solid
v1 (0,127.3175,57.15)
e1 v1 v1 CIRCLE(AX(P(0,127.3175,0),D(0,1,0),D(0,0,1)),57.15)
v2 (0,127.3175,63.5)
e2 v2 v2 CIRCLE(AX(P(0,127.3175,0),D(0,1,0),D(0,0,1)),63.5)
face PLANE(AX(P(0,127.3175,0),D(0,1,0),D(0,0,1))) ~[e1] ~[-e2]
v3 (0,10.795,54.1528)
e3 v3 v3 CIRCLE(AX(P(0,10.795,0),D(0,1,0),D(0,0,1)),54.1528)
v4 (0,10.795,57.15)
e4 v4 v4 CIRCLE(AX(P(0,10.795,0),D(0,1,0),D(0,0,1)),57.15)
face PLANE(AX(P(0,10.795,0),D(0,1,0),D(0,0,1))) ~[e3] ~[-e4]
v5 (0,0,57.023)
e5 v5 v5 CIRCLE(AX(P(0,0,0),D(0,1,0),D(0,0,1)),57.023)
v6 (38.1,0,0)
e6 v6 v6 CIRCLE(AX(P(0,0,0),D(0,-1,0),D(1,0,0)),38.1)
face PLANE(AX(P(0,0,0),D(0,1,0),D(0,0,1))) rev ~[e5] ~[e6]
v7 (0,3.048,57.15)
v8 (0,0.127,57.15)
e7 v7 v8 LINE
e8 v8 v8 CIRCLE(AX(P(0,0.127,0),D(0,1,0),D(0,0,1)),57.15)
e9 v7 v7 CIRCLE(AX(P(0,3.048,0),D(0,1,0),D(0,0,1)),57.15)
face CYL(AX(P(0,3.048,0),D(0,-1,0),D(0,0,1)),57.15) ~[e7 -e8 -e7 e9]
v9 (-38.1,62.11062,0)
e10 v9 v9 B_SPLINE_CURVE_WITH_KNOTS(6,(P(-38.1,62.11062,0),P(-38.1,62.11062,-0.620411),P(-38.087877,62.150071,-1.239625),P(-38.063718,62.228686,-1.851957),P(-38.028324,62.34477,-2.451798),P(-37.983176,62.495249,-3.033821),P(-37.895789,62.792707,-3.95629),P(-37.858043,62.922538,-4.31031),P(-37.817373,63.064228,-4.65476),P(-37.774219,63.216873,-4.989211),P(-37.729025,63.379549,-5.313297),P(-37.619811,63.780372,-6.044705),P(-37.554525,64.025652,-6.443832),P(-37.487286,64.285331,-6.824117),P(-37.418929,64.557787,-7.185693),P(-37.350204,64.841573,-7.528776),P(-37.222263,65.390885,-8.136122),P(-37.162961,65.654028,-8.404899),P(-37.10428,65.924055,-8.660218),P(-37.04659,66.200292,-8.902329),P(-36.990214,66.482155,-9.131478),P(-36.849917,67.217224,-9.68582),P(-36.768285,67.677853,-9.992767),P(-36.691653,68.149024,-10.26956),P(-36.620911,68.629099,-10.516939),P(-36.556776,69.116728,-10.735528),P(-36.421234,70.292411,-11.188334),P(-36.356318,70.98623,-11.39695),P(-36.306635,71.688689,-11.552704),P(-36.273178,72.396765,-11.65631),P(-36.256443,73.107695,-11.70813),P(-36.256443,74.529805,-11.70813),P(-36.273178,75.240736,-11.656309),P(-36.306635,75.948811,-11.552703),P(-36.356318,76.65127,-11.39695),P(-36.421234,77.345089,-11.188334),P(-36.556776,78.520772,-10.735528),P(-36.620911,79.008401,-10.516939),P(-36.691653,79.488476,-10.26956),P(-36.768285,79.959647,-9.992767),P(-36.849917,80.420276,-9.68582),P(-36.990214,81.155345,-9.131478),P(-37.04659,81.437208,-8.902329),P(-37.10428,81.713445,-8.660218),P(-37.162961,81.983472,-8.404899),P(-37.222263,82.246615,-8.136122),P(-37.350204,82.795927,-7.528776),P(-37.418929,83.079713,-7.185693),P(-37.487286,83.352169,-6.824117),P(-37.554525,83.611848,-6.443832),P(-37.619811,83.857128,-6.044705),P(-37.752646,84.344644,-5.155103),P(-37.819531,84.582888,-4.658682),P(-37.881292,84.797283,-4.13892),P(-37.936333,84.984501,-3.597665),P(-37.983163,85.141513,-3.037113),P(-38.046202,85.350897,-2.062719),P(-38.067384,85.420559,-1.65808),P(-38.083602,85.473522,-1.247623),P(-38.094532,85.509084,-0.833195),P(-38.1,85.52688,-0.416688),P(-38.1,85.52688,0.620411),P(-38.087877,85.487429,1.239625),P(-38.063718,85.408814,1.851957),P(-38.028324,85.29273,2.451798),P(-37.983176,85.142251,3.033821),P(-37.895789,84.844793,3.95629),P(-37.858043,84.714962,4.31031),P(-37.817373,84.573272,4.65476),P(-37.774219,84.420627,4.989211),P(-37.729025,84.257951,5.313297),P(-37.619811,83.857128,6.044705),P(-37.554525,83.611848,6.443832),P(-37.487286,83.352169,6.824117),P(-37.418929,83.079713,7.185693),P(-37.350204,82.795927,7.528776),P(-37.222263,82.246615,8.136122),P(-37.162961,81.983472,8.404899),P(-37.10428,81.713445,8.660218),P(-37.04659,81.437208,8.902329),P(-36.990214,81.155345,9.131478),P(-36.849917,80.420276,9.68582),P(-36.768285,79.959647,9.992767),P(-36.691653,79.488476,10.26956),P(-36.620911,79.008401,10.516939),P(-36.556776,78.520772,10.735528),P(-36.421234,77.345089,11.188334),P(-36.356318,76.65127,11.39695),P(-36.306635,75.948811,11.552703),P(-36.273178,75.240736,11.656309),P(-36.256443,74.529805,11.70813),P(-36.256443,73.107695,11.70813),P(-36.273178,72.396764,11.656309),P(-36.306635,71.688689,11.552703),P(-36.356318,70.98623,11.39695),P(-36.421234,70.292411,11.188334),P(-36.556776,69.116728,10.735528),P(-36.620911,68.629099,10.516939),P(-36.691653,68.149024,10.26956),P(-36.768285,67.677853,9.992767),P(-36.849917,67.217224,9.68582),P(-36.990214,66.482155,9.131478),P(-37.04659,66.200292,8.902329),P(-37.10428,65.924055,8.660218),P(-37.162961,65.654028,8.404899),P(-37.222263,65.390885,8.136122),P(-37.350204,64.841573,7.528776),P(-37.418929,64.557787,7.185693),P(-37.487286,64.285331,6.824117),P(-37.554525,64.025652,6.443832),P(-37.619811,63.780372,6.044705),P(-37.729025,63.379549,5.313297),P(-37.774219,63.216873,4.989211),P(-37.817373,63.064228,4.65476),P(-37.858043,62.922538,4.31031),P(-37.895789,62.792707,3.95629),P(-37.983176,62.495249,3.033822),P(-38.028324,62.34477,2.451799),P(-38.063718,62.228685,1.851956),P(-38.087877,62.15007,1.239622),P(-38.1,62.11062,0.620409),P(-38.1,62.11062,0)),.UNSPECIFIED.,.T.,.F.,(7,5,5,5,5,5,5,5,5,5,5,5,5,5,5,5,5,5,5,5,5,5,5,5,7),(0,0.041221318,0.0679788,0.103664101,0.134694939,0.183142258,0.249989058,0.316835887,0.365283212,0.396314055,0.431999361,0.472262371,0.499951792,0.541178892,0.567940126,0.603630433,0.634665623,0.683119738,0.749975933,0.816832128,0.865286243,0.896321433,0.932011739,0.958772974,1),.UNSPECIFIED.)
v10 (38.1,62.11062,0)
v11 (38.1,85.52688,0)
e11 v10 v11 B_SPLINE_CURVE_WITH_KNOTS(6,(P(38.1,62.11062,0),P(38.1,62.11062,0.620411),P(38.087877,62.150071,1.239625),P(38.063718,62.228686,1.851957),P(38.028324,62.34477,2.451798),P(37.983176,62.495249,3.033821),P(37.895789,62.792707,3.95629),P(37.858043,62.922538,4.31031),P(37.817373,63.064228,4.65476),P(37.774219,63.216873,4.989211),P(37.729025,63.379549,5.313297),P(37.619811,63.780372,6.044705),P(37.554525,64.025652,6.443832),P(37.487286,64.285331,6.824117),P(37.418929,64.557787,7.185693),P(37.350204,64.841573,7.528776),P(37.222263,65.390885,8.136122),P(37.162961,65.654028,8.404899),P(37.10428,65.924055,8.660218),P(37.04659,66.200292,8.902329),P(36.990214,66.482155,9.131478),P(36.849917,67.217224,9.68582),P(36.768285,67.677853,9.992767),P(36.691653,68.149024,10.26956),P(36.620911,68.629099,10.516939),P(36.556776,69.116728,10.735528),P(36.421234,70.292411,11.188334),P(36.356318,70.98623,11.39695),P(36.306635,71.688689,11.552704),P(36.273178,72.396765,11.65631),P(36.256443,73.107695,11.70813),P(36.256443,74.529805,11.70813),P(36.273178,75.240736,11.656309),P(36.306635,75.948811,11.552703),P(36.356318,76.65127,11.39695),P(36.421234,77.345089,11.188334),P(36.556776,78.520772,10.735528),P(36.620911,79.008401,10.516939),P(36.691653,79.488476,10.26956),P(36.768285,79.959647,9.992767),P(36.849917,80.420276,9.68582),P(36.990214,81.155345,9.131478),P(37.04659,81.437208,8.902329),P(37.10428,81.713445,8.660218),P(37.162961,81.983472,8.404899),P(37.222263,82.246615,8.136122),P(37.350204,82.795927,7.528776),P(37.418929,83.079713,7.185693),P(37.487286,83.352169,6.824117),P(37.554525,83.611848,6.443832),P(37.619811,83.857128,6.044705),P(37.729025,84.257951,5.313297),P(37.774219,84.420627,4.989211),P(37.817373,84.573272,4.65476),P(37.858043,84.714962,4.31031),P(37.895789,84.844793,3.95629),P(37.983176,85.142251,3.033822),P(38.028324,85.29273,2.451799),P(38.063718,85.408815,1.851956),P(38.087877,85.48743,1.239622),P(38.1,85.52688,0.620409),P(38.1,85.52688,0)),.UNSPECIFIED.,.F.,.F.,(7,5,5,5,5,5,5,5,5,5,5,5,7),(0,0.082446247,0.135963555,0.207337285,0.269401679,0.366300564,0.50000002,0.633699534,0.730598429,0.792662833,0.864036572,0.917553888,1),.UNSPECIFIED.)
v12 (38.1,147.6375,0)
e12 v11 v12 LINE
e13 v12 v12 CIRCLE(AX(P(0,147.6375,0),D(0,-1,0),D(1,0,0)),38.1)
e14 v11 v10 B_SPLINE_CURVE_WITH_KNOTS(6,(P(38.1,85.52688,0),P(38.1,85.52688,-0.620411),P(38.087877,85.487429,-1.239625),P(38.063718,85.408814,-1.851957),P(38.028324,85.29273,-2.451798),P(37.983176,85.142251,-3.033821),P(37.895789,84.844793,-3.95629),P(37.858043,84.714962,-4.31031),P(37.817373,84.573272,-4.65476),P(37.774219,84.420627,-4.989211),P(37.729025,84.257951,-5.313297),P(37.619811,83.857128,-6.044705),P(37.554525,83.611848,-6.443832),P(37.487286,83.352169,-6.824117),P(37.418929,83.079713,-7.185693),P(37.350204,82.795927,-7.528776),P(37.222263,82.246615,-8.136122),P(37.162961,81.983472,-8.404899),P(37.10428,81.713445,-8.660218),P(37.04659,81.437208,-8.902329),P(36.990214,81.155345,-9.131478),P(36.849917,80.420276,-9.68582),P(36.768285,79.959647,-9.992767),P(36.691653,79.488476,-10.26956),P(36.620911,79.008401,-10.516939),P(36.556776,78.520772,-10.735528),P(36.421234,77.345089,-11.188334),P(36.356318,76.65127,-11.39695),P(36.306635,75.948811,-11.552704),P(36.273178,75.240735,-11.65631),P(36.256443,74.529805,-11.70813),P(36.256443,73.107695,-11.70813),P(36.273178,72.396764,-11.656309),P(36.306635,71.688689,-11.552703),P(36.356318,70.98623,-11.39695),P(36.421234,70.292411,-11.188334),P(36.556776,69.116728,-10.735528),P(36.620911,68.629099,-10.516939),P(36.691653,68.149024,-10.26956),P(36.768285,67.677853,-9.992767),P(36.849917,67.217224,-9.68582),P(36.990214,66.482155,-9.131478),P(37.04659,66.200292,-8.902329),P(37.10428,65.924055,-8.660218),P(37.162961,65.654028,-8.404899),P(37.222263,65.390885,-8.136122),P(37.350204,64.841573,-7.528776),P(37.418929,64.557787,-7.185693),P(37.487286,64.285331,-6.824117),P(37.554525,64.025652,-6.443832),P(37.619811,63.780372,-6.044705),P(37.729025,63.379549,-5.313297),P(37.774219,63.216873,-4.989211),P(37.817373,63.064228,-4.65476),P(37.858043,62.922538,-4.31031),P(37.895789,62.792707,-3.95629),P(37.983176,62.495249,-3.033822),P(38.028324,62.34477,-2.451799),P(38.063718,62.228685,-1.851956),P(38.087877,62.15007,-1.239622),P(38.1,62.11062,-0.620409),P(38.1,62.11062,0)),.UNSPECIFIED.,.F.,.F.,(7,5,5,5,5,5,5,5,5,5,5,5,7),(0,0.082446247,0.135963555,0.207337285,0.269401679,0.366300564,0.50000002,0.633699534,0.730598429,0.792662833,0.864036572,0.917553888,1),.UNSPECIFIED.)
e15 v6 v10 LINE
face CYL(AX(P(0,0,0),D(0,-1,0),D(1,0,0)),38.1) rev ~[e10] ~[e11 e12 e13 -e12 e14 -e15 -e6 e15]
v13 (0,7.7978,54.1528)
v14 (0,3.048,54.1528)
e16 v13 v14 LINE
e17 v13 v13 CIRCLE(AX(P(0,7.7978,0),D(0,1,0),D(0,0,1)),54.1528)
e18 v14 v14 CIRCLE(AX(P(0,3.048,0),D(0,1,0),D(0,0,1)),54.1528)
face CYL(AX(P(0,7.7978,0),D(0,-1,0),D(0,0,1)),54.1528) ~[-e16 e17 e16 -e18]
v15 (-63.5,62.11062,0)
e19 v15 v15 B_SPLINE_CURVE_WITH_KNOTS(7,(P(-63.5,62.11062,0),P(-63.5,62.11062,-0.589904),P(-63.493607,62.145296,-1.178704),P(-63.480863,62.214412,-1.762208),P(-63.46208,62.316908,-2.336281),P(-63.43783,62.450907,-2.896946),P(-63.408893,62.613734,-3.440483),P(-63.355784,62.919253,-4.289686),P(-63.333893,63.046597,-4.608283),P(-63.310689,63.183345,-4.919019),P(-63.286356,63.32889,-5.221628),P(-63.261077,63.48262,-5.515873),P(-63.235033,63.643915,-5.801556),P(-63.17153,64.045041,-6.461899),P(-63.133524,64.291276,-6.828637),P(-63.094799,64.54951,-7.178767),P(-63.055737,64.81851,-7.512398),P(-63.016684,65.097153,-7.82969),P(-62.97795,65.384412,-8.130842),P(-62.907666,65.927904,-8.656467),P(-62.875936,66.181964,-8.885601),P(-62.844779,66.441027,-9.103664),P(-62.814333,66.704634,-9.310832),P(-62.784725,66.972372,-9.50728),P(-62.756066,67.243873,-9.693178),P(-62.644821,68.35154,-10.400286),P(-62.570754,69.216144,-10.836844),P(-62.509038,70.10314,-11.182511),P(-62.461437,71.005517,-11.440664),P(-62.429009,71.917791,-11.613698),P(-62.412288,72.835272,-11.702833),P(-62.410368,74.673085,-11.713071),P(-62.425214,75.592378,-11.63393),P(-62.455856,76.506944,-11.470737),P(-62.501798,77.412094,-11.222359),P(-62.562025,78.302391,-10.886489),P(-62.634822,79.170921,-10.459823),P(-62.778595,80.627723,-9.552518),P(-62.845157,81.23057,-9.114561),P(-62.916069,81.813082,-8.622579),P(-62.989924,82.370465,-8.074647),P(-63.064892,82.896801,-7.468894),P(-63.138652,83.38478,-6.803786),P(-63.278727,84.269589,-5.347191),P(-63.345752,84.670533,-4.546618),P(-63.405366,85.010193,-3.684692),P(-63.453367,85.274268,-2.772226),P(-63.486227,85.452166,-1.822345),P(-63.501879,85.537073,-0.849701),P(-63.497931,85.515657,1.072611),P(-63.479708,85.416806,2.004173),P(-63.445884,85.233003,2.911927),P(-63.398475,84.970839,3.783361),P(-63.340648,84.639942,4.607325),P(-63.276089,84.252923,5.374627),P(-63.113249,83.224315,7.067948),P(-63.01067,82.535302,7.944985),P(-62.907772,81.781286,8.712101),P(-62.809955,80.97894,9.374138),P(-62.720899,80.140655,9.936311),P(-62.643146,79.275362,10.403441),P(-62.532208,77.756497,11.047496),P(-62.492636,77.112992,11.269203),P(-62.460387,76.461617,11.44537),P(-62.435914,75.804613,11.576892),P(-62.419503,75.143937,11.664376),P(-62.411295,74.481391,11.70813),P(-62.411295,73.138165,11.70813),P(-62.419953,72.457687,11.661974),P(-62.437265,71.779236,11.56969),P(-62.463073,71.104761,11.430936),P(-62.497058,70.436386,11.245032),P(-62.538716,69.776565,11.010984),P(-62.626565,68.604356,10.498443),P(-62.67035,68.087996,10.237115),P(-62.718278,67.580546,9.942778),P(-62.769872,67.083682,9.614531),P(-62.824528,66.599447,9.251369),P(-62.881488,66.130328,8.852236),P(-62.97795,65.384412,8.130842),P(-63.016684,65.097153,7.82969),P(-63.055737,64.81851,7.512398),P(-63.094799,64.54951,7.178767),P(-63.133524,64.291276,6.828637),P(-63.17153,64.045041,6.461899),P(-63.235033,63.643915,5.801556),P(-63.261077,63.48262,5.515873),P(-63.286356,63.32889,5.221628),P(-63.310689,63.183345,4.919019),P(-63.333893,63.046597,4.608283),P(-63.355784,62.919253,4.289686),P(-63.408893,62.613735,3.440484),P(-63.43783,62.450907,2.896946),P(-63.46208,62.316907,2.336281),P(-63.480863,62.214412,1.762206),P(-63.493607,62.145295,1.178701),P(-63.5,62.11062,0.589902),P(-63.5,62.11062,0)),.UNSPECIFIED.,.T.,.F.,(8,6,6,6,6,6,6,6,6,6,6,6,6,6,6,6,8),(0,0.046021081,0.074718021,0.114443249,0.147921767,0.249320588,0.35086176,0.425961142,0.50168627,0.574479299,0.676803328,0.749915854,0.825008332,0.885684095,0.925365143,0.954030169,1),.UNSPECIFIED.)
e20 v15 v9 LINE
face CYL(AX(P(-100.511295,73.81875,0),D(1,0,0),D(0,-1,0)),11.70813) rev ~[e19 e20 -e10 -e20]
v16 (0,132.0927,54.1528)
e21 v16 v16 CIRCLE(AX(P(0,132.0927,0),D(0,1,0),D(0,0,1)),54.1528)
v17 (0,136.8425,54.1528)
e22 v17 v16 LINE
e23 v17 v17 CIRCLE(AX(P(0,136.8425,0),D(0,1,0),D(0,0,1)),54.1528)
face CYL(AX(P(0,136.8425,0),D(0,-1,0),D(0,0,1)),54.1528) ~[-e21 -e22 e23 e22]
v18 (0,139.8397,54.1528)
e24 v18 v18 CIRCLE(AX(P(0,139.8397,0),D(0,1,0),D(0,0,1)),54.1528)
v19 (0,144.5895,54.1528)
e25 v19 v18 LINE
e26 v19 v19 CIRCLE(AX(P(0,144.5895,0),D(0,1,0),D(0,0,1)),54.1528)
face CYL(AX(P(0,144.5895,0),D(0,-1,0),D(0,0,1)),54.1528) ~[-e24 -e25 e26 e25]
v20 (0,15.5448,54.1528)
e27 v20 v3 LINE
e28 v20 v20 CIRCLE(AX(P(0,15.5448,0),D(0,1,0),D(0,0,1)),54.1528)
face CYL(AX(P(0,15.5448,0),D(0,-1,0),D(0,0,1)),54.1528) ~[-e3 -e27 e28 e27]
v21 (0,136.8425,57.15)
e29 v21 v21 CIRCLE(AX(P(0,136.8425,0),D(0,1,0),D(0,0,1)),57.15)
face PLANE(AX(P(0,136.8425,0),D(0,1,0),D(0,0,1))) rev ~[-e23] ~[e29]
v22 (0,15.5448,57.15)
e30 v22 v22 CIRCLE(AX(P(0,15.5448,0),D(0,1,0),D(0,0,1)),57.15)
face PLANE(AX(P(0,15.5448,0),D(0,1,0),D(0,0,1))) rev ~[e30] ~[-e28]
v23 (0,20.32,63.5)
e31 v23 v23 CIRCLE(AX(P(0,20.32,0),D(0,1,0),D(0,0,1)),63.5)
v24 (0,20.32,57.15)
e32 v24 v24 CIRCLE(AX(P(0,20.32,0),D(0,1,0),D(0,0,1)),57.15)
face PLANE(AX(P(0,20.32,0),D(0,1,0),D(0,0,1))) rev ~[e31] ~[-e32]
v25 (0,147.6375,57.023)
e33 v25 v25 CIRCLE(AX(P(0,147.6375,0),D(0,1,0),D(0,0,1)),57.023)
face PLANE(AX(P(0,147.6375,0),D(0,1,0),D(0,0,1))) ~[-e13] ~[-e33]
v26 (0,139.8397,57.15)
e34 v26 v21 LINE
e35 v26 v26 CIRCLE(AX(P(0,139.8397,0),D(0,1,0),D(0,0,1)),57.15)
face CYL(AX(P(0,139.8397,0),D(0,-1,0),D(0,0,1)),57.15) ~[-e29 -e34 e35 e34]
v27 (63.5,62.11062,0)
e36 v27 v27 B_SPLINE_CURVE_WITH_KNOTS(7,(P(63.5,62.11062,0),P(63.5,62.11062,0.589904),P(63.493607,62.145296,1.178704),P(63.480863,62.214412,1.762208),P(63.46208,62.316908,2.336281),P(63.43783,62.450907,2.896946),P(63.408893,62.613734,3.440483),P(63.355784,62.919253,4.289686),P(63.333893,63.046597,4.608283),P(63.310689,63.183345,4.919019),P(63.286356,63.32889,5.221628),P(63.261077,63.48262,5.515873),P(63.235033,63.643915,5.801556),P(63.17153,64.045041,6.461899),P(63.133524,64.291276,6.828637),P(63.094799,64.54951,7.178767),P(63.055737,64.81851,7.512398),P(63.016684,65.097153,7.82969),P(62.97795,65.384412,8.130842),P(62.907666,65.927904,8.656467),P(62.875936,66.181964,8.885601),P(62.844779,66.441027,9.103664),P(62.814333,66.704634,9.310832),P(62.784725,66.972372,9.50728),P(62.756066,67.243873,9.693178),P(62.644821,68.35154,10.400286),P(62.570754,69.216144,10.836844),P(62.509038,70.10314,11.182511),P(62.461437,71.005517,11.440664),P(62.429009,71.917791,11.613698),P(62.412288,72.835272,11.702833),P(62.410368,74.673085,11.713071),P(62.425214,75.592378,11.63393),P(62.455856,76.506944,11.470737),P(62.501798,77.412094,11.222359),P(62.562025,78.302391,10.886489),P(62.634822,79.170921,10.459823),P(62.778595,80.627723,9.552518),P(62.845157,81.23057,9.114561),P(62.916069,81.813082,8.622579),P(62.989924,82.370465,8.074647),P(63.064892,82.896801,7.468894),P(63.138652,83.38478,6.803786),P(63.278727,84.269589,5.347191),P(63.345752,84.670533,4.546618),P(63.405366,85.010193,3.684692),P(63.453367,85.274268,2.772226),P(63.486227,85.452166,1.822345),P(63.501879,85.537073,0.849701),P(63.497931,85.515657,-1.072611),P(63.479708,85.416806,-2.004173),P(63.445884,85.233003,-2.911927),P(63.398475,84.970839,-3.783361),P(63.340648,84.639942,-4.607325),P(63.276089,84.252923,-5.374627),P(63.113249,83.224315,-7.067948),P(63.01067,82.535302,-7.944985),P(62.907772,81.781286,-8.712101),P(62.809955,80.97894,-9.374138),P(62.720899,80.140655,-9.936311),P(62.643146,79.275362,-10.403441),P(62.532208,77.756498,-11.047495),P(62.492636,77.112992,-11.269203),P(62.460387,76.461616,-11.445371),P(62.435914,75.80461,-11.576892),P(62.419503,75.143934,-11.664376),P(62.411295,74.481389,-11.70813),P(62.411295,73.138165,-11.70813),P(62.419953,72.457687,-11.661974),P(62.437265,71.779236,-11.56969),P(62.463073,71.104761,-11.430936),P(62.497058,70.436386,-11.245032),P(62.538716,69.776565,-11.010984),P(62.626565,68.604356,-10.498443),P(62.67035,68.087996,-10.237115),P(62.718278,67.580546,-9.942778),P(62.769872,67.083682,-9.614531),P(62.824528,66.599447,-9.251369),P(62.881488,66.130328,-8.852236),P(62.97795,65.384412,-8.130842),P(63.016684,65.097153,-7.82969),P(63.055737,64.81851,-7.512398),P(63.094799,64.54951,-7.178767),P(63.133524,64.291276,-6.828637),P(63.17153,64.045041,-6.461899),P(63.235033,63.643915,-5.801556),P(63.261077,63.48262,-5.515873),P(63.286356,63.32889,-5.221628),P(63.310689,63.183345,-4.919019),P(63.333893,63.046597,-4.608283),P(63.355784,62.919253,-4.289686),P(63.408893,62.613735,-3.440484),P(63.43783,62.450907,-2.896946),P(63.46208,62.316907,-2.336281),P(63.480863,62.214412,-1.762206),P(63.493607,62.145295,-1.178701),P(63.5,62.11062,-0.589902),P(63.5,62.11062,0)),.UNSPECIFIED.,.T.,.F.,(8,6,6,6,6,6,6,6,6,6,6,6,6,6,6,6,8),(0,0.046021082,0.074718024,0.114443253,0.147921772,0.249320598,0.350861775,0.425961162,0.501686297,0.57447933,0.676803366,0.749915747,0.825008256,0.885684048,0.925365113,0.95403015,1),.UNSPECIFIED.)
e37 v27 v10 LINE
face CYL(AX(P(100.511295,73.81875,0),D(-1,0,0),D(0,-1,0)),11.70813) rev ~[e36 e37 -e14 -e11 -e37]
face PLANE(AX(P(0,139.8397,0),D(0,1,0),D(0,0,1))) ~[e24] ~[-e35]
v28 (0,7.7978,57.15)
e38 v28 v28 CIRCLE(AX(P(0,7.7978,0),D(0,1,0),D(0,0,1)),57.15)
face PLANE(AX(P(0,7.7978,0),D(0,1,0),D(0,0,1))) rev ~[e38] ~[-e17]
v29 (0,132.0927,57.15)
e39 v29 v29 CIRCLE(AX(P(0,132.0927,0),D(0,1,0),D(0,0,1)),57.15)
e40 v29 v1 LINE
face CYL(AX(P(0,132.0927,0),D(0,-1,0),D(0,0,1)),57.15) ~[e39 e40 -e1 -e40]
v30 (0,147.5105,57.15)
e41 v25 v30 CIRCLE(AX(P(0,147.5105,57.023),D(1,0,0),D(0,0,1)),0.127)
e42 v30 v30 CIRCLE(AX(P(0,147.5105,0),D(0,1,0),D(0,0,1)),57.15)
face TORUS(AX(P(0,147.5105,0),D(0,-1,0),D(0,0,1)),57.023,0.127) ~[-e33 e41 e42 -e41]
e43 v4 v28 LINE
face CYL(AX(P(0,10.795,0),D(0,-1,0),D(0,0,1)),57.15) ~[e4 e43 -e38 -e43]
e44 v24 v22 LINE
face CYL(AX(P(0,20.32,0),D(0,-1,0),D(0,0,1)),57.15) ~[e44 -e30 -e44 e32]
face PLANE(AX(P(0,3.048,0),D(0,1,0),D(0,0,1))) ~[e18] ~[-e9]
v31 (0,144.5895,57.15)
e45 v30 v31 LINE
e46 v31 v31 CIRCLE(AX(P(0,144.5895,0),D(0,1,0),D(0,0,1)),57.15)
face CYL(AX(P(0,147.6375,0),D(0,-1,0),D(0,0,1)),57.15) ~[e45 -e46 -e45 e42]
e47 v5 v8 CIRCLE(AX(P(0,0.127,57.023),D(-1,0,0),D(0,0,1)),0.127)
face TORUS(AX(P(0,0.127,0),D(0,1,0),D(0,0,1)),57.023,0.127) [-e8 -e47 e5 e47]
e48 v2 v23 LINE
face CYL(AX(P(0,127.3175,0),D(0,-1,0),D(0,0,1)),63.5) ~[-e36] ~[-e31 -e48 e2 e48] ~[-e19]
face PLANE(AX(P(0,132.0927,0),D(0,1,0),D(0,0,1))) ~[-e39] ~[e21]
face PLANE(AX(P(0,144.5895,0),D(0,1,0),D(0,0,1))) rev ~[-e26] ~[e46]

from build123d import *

# Parameters (mm, degrees)
F2_R      = 38.1
F3_DEPTH  = 147.6375
F4_R      = 0.127
F7_D      = 23.41626
F7_DEPTH  = 38.1
F7_START  = 1.0887055
F7_TIP    = 7.0349542395
F10_D     = 23.41626
F10_DEPTH = 38.1
F10_START = 1.0887055
F10_TIP   = 7.0349542395


with BuildPart() as f1:
    # F0 (on Right) → F1 (revolve)
    with BuildSketch(Plane.YZ):
        Polygon((0, 57.15), (0, 0), (147.6375, 0), (147.6375, 57.15), (144.5895, 57.15), (144.5895, 54.1528), (139.8397, 54.1528), (139.8397, 57.15), (136.8425, 57.15), (136.8425, 54.1528), (132.0927, 54.1528), (132.0927, 57.15), (127.3175, 57.15), (127.3175, 63.5), (20.32, 63.5), (20.32, 57.15), (15.5448, 57.15), (15.5448, 54.1528), (10.795, 54.1528), (10.795, 57.15), (7.7978, 57.15), (7.7978, 54.1528), (3.048, 54.1528), (3.048, 57.15), align=None)
    revolve(axis=Axis((0, 73.81875, 0), (0, 1, 0)))

    # F2 (on face) → F3 (cut, through all)
    with BuildSketch(Plane.XZ):
        Circle(F2_R)
    extrude(amount=-F3_DEPTH, mode=Mode.SUBTRACT)

    # F4
    f4_edges = [f1.edges().sort_by_distance(p)[0] for p in [
        (0, 0, -57.15),
        (0, 147.6375, -57.15),
    ]]
    fillet(f4_edges, radius=F4_R)

    # F7
    # its depths count from where the whole tool has entered the part; down to there all is cleared
    with Locations(Plane.YZ.offset(63.5).offset(-F7_START)):
        with Locations((73.81875, 0)):
            Hole(F7_D / 2, depth=F7_DEPTH)
            with Locations((0, 0, -(F7_DEPTH + F7_TIP / 2))):  # 118° drill point
                Cone(0, F7_D / 2, F7_TIP, mode=Mode.SUBTRACT)

    # F10
    # its depths count from where the whole tool has entered the part; down to there all is cleared
    with Locations(Plane(origin=(-63.5, 0, 0), x_dir=(0, 1, 0), z_dir=(-1, 0, 0)).offset(-F10_START)):
        with Locations((73.81875, 0)):
            Hole(F10_D / 2, depth=F10_DEPTH)
            with Locations((0, 0, -(F10_DEPTH + F10_TIP / 2))):  # 118° drill point
                Cone(0, F10_D / 2, F10_TIP, mode=Mode.SUBTRACT)


solid = f1.part
